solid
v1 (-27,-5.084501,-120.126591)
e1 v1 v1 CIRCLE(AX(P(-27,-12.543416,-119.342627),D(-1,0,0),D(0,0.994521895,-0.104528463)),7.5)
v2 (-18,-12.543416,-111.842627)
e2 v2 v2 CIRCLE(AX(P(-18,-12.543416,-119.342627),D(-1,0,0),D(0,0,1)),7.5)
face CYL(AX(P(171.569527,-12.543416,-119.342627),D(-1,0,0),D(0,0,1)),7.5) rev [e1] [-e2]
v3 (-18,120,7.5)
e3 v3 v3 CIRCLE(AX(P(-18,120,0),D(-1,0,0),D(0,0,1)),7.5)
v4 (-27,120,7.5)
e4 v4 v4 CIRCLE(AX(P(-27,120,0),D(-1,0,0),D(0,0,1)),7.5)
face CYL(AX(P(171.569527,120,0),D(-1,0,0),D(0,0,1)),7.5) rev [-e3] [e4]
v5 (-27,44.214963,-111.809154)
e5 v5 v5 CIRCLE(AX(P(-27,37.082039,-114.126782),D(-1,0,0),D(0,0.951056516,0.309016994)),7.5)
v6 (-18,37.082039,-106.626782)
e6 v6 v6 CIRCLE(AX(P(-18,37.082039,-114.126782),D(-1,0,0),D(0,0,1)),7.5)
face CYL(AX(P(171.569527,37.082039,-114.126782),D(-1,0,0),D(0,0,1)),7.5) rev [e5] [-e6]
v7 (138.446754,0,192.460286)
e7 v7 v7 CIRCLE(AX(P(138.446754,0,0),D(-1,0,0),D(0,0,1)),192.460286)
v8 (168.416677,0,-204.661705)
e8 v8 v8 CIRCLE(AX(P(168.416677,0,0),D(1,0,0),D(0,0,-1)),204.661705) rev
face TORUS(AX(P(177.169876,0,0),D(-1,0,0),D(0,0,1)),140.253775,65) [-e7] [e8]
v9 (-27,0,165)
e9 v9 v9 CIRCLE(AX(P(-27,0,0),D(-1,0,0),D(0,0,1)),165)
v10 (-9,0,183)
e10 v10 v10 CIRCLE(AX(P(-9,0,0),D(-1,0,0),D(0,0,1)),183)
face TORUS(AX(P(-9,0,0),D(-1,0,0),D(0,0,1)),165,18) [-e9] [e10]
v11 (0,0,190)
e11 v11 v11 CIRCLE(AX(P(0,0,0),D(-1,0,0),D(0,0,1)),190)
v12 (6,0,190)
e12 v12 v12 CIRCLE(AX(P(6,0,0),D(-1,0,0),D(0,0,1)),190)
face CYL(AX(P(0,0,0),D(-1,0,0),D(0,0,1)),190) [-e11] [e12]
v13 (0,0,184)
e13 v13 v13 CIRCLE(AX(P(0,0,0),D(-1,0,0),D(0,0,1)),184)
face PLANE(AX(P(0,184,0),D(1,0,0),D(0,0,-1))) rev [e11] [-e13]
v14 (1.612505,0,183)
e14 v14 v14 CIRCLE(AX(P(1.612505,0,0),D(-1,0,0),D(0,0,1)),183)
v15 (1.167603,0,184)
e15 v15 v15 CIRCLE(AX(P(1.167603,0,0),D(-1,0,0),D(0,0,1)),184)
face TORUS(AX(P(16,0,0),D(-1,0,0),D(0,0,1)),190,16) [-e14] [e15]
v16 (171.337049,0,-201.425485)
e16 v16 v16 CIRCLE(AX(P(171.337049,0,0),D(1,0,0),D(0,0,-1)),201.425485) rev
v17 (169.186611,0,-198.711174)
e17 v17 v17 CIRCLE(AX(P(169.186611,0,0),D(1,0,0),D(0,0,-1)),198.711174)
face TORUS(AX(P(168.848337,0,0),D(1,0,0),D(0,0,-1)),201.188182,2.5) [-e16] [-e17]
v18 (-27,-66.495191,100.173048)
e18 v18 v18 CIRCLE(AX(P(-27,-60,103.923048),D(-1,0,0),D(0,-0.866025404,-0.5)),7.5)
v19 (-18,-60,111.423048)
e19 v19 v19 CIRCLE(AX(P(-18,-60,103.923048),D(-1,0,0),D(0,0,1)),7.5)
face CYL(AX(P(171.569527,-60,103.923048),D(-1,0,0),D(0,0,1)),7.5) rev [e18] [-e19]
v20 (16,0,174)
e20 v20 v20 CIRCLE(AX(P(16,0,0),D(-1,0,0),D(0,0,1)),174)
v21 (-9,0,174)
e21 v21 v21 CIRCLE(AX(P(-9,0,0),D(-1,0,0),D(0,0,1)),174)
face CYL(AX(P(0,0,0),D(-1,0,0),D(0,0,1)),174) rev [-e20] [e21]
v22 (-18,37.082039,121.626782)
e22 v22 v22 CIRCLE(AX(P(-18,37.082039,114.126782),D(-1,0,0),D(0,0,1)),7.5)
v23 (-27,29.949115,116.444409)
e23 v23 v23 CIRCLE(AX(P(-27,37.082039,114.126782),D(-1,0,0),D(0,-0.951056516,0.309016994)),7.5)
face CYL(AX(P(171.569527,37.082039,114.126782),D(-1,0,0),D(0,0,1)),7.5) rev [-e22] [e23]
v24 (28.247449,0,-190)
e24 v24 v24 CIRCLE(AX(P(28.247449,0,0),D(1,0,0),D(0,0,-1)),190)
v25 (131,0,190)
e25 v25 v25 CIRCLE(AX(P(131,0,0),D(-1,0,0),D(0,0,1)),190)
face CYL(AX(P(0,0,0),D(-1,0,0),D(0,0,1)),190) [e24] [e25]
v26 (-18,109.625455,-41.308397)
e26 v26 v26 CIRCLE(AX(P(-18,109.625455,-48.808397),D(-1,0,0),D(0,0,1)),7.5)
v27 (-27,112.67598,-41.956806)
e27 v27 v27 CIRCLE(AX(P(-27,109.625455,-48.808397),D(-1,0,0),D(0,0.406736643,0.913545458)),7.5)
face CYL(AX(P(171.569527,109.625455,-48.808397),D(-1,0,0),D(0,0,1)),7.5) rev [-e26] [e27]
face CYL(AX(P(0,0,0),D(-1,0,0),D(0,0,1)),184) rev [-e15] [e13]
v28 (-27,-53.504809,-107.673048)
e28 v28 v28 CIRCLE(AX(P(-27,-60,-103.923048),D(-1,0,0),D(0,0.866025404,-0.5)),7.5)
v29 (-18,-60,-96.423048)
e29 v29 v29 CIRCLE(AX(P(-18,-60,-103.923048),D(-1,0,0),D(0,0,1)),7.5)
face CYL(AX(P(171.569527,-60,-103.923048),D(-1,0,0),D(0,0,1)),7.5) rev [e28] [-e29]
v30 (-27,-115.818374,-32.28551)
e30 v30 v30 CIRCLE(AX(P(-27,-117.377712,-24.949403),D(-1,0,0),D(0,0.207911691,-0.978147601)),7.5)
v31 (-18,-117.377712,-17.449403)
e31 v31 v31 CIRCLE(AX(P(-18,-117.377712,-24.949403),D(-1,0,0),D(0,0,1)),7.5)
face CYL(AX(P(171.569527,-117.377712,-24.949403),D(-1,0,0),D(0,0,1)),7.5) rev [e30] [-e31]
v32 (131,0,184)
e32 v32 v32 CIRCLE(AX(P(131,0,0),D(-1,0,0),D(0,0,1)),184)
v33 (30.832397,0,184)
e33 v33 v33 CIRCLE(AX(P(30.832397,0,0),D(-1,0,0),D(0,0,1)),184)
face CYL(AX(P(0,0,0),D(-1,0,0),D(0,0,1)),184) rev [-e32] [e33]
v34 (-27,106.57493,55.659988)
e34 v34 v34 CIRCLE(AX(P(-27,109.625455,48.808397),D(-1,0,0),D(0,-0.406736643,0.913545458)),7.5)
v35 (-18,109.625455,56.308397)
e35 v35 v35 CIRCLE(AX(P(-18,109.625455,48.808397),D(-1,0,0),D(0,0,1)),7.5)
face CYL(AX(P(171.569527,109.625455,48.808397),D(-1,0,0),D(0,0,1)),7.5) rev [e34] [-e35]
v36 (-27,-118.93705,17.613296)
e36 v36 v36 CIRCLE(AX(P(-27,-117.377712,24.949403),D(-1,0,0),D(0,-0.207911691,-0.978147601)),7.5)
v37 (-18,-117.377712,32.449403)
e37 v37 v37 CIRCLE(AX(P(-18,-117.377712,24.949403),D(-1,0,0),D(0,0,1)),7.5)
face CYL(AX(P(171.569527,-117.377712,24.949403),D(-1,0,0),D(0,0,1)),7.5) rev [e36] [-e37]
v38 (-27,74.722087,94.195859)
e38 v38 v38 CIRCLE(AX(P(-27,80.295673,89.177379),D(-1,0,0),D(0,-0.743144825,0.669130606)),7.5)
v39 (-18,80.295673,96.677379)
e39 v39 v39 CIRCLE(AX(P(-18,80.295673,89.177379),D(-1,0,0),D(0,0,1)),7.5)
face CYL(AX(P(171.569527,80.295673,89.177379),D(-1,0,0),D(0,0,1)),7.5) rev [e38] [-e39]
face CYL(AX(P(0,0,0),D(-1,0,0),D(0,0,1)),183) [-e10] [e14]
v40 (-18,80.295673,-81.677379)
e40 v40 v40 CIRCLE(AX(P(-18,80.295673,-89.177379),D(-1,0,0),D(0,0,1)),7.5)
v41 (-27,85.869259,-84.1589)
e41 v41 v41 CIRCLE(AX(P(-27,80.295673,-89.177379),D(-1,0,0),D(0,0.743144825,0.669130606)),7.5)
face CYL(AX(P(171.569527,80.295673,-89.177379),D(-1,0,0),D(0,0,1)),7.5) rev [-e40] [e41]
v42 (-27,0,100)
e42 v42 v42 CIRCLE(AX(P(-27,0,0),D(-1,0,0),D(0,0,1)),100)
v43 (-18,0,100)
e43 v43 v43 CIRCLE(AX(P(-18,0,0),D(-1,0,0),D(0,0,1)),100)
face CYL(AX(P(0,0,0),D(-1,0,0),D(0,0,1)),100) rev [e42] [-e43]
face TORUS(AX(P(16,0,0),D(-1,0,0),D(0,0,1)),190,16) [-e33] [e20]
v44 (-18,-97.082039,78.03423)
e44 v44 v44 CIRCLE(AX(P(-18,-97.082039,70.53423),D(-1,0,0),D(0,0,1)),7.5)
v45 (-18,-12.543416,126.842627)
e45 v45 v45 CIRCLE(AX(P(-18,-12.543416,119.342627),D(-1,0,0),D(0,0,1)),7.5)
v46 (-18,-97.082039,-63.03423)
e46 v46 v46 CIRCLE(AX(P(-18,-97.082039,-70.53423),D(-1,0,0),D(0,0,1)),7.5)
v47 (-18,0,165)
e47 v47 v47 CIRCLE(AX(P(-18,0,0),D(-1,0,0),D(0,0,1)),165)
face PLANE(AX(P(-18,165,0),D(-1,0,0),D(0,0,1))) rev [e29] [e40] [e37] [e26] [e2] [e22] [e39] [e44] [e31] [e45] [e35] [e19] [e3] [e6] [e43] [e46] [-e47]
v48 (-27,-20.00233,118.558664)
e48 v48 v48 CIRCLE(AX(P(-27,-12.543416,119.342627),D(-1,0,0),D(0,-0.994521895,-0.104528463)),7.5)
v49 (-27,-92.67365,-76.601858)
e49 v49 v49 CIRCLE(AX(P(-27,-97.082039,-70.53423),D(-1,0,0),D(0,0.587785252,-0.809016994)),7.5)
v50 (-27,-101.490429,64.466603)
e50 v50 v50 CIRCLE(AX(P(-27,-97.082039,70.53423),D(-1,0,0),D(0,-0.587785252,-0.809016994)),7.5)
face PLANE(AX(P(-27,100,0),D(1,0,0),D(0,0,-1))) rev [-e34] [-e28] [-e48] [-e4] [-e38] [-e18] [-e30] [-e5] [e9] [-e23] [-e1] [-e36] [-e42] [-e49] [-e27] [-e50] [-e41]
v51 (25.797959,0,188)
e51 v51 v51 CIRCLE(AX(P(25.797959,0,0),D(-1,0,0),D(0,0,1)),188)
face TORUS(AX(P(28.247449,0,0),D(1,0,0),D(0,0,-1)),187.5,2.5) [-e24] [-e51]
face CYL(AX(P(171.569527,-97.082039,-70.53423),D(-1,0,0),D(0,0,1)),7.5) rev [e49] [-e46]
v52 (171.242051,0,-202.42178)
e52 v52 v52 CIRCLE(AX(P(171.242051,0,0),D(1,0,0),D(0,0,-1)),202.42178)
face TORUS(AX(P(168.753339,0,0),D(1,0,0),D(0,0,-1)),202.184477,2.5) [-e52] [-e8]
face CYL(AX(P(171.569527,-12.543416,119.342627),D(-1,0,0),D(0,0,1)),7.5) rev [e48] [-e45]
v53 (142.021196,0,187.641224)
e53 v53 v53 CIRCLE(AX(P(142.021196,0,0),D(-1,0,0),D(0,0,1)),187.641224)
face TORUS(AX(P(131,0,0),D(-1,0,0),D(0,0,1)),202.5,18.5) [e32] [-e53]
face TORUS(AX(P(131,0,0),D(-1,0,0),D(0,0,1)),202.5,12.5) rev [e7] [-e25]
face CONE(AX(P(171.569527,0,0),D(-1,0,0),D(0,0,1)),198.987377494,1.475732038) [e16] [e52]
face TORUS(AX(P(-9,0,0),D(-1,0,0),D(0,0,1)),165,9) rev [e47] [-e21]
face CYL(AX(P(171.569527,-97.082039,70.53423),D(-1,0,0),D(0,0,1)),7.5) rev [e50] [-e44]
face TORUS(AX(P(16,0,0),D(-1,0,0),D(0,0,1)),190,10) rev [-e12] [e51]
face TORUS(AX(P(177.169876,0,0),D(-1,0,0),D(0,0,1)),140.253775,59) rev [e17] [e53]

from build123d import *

# Parameters (mm, degrees)
SKETCH2_R          = 7.5
CUT_EXTRUDE1_DEPTH = 352.350672312
CIRPATTERN1_COUNT  = 15
FILLET1_R          = 2.5
FILLET3_R          = 2.5


with BuildPart() as part:
    # Sketch1 → Revolve1 (revolve)
    with BuildSketch(Plane.XY, mode=Mode.PRIVATE) as revolve1_sk:
        with BuildLine():
            Line((26, 190), (131, 190))
            ThreePointArc((131, 190), (134.921324911, 190.630997896), (138.446754178, 192.460286249))
            ThreePointArc((138.446754178, 192.460286249), (153.869493739, 200.934020217), (171, 204.960286249))
            Line((171, 204.960286249), (171.569527007, 198.987377494))
            ThreePointArc((171.569527007, 198.987377494), (156.020298247, 195.332766789), (142.021196184, 187.641223648))
            ThreePointArc((142.021196184, 187.641223648), (136.803560868, 184.933876886), (131, 184))
            Line((131, 184), (30.832396974, 184))
            ThreePointArc((30.832396974, 184), (24.94427191, 176.733500839), (16, 174))
            Line((16, 174), (-9, 174))
            ThreePointArc((-9, 174), (-15.363961031, 171.363961031), (-18, 165))
            Line((-18, 165), (-18, 100))
            Line((-18, 100), (-27, 100))
            Line((-27, 100), (-27, 165))
            ThreePointArc((-27, 165), (-21.727922061, 177.727922061), (-9, 183))
            Line((-9, 183), (1.61250543, 183))
            ThreePointArc((1.61250543, 183), (1.381500916, 183.496194611), (1.167603026, 184))
            Line((1.167603026, 184), (0, 184))
            Line((0, 184), (0, 190))
            Line((0, 190), (6, 190))
            ThreePointArc((6, 190), (16, 180), (26, 190))
        make_face()
    revolve(revolve1_sk.sketch.rotate(Axis((0, 0, 0), (1, 0, 0)), 90), axis=Axis((0, 0, 0), (1, 0, 0)))

    # Sketch2 → Cut-Extrude1 (cut, through all)
    with BuildSketch(Plane.ZY.offset(27)):
        with Locations((0, 120)):
            Circle(SKETCH2_R)
    cut_extrude1 = extrude(amount=-CUT_EXTRUDE1_DEPTH, mode=Mode.SUBTRACT)

    # CirPattern1: Cut-Extrude1 ×15 about axis
    cirpattern1_axis = Axis((0, 0, 0), (1, 0, 0))
    for i in range(1, CIRPATTERN1_COUNT):
        add(cut_extrude1.rotate(cirpattern1_axis, i * 360 / CIRPATTERN1_COUNT), mode=Mode.SUBTRACT)

    # Fillet1
    fillet1_edges = [part.edges().sort_by_distance(p)[0] for p in [
        (171, 0, -204.960286249),
        (171.569527007, 0, -198.987377494),
    ]]
    fillet(fillet1_edges, radius=FILLET1_R)

    # Fillet3
    fillet3_edges = [part.edges().sort_by_distance(p)[0] for p in [
        (26, 0, -190),
    ]]
    fillet(fillet3_edges, radius=FILLET3_R)


solid = part.part
